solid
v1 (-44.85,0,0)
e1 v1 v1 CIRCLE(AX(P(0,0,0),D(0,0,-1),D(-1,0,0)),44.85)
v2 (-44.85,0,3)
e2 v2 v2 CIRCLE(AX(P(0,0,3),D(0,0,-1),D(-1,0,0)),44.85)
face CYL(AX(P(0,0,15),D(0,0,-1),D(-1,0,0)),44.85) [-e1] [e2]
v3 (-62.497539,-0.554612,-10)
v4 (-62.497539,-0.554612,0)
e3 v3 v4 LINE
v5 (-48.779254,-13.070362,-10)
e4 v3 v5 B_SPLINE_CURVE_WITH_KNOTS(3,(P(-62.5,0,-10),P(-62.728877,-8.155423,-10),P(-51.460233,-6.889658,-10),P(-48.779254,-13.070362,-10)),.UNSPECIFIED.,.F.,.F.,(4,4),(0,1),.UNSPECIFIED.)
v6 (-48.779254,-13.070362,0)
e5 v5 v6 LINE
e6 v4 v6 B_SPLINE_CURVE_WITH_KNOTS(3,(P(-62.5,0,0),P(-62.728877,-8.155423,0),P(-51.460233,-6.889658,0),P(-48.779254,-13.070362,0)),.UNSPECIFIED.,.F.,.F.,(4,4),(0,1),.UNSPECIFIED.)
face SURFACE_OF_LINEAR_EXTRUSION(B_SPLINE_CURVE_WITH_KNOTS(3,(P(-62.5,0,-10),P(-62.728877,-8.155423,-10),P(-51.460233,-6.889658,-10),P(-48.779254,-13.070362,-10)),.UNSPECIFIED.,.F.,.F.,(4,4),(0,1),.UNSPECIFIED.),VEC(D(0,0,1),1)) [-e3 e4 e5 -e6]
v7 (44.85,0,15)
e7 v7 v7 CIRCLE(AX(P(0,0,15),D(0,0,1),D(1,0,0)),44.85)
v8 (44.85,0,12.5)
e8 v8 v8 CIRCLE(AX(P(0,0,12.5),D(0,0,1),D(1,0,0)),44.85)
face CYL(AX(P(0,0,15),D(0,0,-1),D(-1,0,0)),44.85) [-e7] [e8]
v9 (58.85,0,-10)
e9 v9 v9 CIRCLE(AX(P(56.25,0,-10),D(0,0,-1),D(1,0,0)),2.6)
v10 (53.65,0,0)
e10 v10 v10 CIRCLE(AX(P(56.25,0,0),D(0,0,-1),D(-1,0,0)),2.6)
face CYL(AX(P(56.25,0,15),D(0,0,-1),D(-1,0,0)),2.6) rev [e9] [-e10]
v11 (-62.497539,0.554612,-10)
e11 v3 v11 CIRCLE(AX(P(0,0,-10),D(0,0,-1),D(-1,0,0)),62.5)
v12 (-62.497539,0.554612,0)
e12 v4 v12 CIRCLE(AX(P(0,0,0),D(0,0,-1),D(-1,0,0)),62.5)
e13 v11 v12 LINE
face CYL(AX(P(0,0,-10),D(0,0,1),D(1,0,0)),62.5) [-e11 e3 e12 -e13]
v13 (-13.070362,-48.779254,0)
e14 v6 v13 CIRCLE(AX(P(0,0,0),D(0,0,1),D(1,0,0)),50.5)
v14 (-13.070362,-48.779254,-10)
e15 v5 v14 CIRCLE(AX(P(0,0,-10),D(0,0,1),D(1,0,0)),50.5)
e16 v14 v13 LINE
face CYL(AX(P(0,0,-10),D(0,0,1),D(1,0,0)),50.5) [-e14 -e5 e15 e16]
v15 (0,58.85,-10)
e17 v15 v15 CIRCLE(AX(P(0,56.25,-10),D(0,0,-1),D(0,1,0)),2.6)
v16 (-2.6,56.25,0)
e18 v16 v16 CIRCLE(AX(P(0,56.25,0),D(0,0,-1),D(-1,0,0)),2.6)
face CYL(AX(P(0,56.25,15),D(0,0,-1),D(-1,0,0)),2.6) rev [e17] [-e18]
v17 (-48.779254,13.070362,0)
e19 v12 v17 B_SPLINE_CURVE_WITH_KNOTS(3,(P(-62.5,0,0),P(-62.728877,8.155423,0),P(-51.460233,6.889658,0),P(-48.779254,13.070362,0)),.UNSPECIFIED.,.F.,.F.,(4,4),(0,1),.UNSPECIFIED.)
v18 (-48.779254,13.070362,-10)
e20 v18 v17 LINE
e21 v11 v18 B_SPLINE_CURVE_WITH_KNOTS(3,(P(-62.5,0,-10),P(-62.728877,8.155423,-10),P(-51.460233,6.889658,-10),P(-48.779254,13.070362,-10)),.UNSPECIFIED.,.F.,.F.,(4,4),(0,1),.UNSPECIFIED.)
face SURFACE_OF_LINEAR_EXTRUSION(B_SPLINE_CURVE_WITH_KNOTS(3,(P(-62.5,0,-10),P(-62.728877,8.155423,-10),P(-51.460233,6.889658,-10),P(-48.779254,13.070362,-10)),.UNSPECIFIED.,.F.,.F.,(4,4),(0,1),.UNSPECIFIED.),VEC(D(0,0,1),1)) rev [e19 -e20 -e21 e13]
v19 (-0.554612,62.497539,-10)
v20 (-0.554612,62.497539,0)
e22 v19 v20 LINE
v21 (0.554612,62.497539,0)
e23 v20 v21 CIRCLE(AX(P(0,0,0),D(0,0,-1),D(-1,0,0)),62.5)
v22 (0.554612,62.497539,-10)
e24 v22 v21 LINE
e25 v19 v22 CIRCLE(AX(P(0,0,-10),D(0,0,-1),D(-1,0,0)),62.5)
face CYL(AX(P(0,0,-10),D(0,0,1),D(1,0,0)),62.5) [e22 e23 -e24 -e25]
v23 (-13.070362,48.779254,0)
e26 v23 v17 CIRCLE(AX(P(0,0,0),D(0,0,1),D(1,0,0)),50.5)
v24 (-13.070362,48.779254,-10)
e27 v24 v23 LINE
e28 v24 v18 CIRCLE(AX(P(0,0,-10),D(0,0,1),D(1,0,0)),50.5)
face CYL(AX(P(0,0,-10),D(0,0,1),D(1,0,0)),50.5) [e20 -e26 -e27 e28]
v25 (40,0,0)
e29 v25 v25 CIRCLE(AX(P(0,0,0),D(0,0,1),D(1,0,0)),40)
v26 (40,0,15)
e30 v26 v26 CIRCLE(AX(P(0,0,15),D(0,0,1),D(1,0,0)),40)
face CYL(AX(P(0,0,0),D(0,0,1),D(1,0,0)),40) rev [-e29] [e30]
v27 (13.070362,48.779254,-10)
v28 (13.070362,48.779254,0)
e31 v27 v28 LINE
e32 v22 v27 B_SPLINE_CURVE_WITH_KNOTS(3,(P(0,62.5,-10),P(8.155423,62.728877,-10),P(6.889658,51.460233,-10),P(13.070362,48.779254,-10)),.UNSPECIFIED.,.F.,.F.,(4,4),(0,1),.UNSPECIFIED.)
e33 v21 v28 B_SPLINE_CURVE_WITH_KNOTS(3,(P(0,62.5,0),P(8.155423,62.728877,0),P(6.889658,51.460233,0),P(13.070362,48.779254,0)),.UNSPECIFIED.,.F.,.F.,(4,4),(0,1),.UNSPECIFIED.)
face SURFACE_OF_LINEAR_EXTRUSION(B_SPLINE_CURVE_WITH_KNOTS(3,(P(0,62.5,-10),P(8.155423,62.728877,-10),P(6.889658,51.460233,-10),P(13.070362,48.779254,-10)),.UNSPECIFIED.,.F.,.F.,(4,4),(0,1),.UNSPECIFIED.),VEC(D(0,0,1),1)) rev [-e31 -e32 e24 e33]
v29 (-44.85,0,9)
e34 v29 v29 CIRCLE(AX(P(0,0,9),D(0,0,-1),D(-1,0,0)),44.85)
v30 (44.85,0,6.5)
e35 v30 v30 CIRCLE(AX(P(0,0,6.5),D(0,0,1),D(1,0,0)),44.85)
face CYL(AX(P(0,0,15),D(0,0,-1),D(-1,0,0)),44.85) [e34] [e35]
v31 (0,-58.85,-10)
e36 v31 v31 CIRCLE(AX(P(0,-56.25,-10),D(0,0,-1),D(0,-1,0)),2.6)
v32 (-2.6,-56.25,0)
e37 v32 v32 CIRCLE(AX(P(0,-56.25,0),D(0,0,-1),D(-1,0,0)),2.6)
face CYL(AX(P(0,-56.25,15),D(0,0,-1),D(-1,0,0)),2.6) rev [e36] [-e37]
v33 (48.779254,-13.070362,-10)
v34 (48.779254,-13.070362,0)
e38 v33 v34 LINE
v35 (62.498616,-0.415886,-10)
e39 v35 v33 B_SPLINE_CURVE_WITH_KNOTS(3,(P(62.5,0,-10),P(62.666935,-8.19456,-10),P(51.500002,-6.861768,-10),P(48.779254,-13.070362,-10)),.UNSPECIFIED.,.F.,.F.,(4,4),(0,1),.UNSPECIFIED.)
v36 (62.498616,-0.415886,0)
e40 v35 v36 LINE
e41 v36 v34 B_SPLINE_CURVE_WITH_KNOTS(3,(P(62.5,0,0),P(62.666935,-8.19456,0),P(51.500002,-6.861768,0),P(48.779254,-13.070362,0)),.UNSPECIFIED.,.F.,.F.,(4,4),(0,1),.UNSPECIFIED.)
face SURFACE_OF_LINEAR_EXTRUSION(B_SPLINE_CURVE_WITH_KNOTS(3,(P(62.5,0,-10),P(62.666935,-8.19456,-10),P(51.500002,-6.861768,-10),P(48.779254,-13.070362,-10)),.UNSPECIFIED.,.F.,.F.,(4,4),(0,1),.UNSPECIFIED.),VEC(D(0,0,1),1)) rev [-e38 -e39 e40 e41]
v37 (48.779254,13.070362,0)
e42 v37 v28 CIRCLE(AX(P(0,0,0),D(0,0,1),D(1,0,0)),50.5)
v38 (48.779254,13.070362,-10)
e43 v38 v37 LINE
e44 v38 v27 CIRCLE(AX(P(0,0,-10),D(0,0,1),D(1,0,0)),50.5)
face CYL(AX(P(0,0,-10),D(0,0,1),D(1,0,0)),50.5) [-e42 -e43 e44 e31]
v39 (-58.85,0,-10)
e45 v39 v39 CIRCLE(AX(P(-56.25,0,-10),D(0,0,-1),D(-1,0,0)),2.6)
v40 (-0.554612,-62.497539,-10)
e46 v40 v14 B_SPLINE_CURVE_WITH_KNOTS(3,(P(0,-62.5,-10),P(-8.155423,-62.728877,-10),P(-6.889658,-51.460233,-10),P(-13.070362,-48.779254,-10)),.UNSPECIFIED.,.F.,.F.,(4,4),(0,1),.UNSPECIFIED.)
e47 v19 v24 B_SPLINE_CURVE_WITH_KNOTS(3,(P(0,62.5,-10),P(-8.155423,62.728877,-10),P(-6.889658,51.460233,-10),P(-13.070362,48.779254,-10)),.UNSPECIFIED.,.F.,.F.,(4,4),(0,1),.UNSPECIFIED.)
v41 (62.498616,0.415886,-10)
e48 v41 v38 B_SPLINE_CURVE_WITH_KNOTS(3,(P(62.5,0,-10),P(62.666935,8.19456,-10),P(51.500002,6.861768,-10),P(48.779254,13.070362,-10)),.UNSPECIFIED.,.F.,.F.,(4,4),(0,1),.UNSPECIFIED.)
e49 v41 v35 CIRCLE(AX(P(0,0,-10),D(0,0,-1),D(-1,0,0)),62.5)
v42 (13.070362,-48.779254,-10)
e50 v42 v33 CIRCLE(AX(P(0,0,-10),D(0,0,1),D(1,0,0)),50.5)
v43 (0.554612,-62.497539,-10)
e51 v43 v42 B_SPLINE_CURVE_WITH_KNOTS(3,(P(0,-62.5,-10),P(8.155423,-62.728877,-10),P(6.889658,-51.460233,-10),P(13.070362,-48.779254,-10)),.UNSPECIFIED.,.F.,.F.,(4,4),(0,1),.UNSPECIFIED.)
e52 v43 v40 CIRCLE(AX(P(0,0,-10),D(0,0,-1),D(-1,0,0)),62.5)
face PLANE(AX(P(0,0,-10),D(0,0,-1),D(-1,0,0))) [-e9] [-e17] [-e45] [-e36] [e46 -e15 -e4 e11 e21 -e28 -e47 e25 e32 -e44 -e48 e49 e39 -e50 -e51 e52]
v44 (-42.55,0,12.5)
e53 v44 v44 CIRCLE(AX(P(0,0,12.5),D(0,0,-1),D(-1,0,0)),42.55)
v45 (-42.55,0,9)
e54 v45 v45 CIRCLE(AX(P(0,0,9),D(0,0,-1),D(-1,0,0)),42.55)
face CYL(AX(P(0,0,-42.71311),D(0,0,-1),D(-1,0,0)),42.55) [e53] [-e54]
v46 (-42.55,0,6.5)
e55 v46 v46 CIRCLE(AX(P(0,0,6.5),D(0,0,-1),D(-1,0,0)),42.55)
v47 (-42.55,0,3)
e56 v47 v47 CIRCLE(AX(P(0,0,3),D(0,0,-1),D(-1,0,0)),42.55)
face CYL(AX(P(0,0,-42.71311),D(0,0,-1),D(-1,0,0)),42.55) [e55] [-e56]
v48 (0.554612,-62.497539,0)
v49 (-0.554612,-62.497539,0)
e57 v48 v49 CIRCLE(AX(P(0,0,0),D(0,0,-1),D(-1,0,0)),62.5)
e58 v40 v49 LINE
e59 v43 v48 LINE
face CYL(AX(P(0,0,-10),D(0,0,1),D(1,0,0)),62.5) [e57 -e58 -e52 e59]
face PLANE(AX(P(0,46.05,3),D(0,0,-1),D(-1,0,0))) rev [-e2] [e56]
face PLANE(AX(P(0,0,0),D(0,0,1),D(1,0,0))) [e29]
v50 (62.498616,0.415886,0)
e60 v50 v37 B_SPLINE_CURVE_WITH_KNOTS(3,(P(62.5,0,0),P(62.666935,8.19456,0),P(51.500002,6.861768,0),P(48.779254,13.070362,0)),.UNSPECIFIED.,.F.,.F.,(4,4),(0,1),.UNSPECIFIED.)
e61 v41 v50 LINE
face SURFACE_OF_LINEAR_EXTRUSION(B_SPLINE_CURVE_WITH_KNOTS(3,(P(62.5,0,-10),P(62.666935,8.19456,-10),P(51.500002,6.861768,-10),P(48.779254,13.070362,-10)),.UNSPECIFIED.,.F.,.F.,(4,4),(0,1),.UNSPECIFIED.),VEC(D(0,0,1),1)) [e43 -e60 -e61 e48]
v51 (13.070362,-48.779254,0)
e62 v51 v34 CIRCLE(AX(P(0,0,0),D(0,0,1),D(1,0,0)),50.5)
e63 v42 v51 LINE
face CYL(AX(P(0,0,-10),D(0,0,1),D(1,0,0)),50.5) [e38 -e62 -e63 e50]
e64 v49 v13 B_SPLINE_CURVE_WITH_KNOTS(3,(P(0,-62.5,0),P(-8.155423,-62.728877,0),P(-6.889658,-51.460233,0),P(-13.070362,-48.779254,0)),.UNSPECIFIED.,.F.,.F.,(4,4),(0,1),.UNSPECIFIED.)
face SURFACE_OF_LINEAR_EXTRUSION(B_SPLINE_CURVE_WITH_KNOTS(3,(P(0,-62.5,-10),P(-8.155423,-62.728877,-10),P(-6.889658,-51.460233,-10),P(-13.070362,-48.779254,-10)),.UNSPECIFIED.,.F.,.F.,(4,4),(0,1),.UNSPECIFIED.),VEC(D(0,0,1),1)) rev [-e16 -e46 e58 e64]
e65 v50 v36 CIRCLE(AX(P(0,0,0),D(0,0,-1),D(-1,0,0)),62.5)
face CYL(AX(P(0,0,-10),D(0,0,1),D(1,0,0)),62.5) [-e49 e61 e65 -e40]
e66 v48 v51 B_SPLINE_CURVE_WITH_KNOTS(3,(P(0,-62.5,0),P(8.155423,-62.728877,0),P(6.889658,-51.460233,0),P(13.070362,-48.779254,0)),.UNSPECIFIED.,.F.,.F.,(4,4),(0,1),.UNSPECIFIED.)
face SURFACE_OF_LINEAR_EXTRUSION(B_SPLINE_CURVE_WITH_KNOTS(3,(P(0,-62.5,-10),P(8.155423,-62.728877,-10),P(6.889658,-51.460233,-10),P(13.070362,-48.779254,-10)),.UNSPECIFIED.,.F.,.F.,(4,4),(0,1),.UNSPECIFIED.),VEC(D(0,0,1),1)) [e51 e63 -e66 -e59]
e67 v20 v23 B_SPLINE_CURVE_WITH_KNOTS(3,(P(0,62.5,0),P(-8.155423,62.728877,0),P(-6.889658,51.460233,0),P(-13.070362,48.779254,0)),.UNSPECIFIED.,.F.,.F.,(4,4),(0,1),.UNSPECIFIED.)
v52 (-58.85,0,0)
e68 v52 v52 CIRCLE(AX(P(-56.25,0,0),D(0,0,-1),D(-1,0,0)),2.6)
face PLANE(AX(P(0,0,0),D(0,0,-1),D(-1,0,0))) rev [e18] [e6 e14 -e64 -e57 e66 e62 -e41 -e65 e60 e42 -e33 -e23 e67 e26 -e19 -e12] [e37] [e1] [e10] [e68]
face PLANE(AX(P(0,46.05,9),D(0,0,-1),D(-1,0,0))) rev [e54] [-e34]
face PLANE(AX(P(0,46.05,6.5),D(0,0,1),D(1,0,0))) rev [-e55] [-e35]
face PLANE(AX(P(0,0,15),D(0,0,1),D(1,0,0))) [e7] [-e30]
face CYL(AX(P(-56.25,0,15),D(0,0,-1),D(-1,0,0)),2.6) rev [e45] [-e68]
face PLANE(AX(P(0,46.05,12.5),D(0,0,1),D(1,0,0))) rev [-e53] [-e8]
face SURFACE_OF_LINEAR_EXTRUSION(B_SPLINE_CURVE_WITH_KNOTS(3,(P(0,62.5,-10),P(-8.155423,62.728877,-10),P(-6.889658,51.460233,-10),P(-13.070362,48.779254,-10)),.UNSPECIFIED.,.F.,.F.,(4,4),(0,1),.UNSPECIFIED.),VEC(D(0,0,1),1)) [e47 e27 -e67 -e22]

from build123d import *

# Parameters (mm, degrees)
SKETCH1_R           = 44.85
BOSS_EXTRUDE1_DEPTH = 15
SKETCH2_R           = 62.5
BOSS_EXTRUDE2_DEPTH = 10
SKETCH3_R           = 40
CUT_EXTRUDE1_DEPTH  = 15
SKETCH4_W           = 3.5
SKETCH4_H           = 3.5
SKETCH7_R           = 2.6
CUT_EXTRUDE4_DEPTH  = 92.855865354
CIRPATTERN1_COUNT   = 4
CUT_EXTRUDE6_DEPTH  = 10


with BuildPart() as part:
    # Sketch1 → Boss-Extrude1 (new body)
    with BuildSketch(Plane.XY):
        Circle(SKETCH1_R)
    extrude(amount=BOSS_EXTRUDE1_DEPTH)

    # Sketch2 → Boss-Extrude2 (add)
    with BuildSketch(Plane(origin=(0, 0, 0), x_dir=(-1, 0, 0), z_dir=(0, 0, -1))):
        Circle(SKETCH2_R)
    extrude(amount=BOSS_EXTRUDE2_DEPTH)

    # Sketch3 → Cut-Extrude1 (cut)
    with BuildSketch(Plane.XY.offset(15)):
        Circle(SKETCH3_R)
    extrude(amount=-CUT_EXTRUDE1_DEPTH, mode=Mode.SUBTRACT)

    # Sketch4 → Cut-Revolve1 (revolve, cut)
    with BuildSketch(Plane(origin=(0, 0, 0), x_dir=(0, 0, -1), z_dir=(1, 0, 0))):
        with Locations((-10.75, 44.3)):
            Rectangle(SKETCH4_W, SKETCH4_H)
        with Locations((-4.75, 44.3)):
            Rectangle(SKETCH4_W, SKETCH4_H)
    revolve(axis=Axis((0, 0, -42.713110189), (0, 0, 1)), mode=Mode.SUBTRACT)

    # Sketch7 → Cut-Extrude4 (cut, through all)
    with BuildSketch(Plane(origin=(0, 0, -10), x_dir=(-1, 0, 0), z_dir=(0, 0, -1))):
        with Locations((56.25, 0)):
            Circle(SKETCH7_R)
    cut_extrude4 = extrude(amount=-CUT_EXTRUDE4_DEPTH, mode=Mode.SUBTRACT)

    # CirPattern1: Cut-Extrude4 ×4 about axis
    cirpattern1_axis = Axis((0, 0, -45.874761596), (0, 0, 1))
    for i in range(1, CIRPATTERN1_COUNT):
        add(cut_extrude4.rotate(cirpattern1_axis, i * 360 / CIRPATTERN1_COUNT), mode=Mode.SUBTRACT)

    # Sketch9 → Cut-Extrude6 (cut)
    with BuildSketch(Plane.XY):
        with BuildLine():
            ThreePointArc((13.070361778, 48.779254228), (35.70889245, 35.70889245), (48.779254228, 13.070361778))
            add(Edge.make_bspline(
                [(62.498616294, 0.415886171), (62.283969661, 8.150798689), (51.453042115, 6.968928103), (48.779254228, 13.070361778)],
                knots=[0.017259954, 0.017259954, 0.017259954, 0.017259954, 1, 1, 1, 1], degree=3))
            ThreePointArc((62.498616294, 0.415886171), (44.24319492, 44.145098293), (0.55461157, 62.4975392))
            add(Edge.make_bspline(
                [(0.55461157, 62.4975392), (8.100511472, 62.208727423), (7.033582927, 51.397803822), (13.070361778, 48.779254228)],
                knots=[0.023286113, 0.023286113, 0.023286113, 0.023286113, 1, 1, 1, 1], degree=3))
        make_face()
        with BuildLine():
            add(Edge.make_bspline(
                [(62.498616294, -0.415886171), (62.283969661, -8.150798689), (51.453042115, -6.968928103), (48.779254228, -13.070361778)],
                knots=[0.017259954, 0.017259954, 0.017259954, 0.017259954, 1, 1, 1, 1], degree=3))
            ThreePointArc((48.779254228, -13.070361778), (35.70889245, -35.70889245), (13.070361778, -48.779254228))
            add(Edge.make_bspline(
                [(0.55461157, -62.4975392), (8.100511472, -62.208727423), (7.033582927, -51.397803822), (13.070361778, -48.779254228)],
                knots=[0.023286113, 0.023286113, 0.023286113, 0.023286113, 1, 1, 1, 1], degree=3))
            ThreePointArc((0.55461157, -62.4975392), (44.24319492, -44.145098293), (62.498616294, -0.415886171))
        make_face()
        with BuildLine():
            ThreePointArc((-48.779254228, 13.070361778), (-35.70889245, 35.70889245), (-13.070361778, 48.779254228))
            add(Edge.make_bspline(
                [(-0.55461157, 62.4975392), (-8.100511472, 62.208727423), (-7.033582927, 51.397803822), (-13.070361778, 48.779254228)],
                knots=[0.023286113, 0.023286113, 0.023286113, 0.023286113, 1, 1, 1, 1], degree=3))
            ThreePointArc((-0.55461157, 62.4975392), (-44.194173824, 44.194173824), (-62.4975392, 0.55461157))
            add(Edge.make_bspline(
                [(-62.4975392, 0.55461157), (-62.208727423, 8.100511472), (-51.397803822, 7.033582927), (-48.779254228, 13.070361778)],
                knots=[0.023286113, 0.023286113, 0.023286113, 0.023286113, 1, 1, 1, 1], degree=3))
        make_face()
        with BuildLine():
            add(Edge.make_bspline(
                [(-0.55461157, -62.4975392), (-8.100511472, -62.208727423), (-7.033582927, -51.397803822), (-13.070361778, -48.779254228)],
                knots=[0.023286113, 0.023286113, 0.023286113, 0.023286113, 1, 1, 1, 1], degree=3))
            ThreePointArc((-13.070361778, -48.779254228), (-35.70889245, -35.70889245), (-48.779254228, -13.070361778))
            add(Edge.make_bspline(
                [(-62.4975392, -0.55461157), (-62.208727423, -8.100511472), (-51.397803822, -7.033582927), (-48.779254228, -13.070361778)],
                knots=[0.023286113, 0.023286113, 0.023286113, 0.023286113, 1, 1, 1, 1], degree=3))
            ThreePointArc((-62.4975392, -0.55461157), (-44.194173824, -44.194173824), (-0.55461157, -62.4975392))
        make_face()
    extrude(amount=-CUT_EXTRUDE6_DEPTH, mode=Mode.SUBTRACT)


solid = part.part
